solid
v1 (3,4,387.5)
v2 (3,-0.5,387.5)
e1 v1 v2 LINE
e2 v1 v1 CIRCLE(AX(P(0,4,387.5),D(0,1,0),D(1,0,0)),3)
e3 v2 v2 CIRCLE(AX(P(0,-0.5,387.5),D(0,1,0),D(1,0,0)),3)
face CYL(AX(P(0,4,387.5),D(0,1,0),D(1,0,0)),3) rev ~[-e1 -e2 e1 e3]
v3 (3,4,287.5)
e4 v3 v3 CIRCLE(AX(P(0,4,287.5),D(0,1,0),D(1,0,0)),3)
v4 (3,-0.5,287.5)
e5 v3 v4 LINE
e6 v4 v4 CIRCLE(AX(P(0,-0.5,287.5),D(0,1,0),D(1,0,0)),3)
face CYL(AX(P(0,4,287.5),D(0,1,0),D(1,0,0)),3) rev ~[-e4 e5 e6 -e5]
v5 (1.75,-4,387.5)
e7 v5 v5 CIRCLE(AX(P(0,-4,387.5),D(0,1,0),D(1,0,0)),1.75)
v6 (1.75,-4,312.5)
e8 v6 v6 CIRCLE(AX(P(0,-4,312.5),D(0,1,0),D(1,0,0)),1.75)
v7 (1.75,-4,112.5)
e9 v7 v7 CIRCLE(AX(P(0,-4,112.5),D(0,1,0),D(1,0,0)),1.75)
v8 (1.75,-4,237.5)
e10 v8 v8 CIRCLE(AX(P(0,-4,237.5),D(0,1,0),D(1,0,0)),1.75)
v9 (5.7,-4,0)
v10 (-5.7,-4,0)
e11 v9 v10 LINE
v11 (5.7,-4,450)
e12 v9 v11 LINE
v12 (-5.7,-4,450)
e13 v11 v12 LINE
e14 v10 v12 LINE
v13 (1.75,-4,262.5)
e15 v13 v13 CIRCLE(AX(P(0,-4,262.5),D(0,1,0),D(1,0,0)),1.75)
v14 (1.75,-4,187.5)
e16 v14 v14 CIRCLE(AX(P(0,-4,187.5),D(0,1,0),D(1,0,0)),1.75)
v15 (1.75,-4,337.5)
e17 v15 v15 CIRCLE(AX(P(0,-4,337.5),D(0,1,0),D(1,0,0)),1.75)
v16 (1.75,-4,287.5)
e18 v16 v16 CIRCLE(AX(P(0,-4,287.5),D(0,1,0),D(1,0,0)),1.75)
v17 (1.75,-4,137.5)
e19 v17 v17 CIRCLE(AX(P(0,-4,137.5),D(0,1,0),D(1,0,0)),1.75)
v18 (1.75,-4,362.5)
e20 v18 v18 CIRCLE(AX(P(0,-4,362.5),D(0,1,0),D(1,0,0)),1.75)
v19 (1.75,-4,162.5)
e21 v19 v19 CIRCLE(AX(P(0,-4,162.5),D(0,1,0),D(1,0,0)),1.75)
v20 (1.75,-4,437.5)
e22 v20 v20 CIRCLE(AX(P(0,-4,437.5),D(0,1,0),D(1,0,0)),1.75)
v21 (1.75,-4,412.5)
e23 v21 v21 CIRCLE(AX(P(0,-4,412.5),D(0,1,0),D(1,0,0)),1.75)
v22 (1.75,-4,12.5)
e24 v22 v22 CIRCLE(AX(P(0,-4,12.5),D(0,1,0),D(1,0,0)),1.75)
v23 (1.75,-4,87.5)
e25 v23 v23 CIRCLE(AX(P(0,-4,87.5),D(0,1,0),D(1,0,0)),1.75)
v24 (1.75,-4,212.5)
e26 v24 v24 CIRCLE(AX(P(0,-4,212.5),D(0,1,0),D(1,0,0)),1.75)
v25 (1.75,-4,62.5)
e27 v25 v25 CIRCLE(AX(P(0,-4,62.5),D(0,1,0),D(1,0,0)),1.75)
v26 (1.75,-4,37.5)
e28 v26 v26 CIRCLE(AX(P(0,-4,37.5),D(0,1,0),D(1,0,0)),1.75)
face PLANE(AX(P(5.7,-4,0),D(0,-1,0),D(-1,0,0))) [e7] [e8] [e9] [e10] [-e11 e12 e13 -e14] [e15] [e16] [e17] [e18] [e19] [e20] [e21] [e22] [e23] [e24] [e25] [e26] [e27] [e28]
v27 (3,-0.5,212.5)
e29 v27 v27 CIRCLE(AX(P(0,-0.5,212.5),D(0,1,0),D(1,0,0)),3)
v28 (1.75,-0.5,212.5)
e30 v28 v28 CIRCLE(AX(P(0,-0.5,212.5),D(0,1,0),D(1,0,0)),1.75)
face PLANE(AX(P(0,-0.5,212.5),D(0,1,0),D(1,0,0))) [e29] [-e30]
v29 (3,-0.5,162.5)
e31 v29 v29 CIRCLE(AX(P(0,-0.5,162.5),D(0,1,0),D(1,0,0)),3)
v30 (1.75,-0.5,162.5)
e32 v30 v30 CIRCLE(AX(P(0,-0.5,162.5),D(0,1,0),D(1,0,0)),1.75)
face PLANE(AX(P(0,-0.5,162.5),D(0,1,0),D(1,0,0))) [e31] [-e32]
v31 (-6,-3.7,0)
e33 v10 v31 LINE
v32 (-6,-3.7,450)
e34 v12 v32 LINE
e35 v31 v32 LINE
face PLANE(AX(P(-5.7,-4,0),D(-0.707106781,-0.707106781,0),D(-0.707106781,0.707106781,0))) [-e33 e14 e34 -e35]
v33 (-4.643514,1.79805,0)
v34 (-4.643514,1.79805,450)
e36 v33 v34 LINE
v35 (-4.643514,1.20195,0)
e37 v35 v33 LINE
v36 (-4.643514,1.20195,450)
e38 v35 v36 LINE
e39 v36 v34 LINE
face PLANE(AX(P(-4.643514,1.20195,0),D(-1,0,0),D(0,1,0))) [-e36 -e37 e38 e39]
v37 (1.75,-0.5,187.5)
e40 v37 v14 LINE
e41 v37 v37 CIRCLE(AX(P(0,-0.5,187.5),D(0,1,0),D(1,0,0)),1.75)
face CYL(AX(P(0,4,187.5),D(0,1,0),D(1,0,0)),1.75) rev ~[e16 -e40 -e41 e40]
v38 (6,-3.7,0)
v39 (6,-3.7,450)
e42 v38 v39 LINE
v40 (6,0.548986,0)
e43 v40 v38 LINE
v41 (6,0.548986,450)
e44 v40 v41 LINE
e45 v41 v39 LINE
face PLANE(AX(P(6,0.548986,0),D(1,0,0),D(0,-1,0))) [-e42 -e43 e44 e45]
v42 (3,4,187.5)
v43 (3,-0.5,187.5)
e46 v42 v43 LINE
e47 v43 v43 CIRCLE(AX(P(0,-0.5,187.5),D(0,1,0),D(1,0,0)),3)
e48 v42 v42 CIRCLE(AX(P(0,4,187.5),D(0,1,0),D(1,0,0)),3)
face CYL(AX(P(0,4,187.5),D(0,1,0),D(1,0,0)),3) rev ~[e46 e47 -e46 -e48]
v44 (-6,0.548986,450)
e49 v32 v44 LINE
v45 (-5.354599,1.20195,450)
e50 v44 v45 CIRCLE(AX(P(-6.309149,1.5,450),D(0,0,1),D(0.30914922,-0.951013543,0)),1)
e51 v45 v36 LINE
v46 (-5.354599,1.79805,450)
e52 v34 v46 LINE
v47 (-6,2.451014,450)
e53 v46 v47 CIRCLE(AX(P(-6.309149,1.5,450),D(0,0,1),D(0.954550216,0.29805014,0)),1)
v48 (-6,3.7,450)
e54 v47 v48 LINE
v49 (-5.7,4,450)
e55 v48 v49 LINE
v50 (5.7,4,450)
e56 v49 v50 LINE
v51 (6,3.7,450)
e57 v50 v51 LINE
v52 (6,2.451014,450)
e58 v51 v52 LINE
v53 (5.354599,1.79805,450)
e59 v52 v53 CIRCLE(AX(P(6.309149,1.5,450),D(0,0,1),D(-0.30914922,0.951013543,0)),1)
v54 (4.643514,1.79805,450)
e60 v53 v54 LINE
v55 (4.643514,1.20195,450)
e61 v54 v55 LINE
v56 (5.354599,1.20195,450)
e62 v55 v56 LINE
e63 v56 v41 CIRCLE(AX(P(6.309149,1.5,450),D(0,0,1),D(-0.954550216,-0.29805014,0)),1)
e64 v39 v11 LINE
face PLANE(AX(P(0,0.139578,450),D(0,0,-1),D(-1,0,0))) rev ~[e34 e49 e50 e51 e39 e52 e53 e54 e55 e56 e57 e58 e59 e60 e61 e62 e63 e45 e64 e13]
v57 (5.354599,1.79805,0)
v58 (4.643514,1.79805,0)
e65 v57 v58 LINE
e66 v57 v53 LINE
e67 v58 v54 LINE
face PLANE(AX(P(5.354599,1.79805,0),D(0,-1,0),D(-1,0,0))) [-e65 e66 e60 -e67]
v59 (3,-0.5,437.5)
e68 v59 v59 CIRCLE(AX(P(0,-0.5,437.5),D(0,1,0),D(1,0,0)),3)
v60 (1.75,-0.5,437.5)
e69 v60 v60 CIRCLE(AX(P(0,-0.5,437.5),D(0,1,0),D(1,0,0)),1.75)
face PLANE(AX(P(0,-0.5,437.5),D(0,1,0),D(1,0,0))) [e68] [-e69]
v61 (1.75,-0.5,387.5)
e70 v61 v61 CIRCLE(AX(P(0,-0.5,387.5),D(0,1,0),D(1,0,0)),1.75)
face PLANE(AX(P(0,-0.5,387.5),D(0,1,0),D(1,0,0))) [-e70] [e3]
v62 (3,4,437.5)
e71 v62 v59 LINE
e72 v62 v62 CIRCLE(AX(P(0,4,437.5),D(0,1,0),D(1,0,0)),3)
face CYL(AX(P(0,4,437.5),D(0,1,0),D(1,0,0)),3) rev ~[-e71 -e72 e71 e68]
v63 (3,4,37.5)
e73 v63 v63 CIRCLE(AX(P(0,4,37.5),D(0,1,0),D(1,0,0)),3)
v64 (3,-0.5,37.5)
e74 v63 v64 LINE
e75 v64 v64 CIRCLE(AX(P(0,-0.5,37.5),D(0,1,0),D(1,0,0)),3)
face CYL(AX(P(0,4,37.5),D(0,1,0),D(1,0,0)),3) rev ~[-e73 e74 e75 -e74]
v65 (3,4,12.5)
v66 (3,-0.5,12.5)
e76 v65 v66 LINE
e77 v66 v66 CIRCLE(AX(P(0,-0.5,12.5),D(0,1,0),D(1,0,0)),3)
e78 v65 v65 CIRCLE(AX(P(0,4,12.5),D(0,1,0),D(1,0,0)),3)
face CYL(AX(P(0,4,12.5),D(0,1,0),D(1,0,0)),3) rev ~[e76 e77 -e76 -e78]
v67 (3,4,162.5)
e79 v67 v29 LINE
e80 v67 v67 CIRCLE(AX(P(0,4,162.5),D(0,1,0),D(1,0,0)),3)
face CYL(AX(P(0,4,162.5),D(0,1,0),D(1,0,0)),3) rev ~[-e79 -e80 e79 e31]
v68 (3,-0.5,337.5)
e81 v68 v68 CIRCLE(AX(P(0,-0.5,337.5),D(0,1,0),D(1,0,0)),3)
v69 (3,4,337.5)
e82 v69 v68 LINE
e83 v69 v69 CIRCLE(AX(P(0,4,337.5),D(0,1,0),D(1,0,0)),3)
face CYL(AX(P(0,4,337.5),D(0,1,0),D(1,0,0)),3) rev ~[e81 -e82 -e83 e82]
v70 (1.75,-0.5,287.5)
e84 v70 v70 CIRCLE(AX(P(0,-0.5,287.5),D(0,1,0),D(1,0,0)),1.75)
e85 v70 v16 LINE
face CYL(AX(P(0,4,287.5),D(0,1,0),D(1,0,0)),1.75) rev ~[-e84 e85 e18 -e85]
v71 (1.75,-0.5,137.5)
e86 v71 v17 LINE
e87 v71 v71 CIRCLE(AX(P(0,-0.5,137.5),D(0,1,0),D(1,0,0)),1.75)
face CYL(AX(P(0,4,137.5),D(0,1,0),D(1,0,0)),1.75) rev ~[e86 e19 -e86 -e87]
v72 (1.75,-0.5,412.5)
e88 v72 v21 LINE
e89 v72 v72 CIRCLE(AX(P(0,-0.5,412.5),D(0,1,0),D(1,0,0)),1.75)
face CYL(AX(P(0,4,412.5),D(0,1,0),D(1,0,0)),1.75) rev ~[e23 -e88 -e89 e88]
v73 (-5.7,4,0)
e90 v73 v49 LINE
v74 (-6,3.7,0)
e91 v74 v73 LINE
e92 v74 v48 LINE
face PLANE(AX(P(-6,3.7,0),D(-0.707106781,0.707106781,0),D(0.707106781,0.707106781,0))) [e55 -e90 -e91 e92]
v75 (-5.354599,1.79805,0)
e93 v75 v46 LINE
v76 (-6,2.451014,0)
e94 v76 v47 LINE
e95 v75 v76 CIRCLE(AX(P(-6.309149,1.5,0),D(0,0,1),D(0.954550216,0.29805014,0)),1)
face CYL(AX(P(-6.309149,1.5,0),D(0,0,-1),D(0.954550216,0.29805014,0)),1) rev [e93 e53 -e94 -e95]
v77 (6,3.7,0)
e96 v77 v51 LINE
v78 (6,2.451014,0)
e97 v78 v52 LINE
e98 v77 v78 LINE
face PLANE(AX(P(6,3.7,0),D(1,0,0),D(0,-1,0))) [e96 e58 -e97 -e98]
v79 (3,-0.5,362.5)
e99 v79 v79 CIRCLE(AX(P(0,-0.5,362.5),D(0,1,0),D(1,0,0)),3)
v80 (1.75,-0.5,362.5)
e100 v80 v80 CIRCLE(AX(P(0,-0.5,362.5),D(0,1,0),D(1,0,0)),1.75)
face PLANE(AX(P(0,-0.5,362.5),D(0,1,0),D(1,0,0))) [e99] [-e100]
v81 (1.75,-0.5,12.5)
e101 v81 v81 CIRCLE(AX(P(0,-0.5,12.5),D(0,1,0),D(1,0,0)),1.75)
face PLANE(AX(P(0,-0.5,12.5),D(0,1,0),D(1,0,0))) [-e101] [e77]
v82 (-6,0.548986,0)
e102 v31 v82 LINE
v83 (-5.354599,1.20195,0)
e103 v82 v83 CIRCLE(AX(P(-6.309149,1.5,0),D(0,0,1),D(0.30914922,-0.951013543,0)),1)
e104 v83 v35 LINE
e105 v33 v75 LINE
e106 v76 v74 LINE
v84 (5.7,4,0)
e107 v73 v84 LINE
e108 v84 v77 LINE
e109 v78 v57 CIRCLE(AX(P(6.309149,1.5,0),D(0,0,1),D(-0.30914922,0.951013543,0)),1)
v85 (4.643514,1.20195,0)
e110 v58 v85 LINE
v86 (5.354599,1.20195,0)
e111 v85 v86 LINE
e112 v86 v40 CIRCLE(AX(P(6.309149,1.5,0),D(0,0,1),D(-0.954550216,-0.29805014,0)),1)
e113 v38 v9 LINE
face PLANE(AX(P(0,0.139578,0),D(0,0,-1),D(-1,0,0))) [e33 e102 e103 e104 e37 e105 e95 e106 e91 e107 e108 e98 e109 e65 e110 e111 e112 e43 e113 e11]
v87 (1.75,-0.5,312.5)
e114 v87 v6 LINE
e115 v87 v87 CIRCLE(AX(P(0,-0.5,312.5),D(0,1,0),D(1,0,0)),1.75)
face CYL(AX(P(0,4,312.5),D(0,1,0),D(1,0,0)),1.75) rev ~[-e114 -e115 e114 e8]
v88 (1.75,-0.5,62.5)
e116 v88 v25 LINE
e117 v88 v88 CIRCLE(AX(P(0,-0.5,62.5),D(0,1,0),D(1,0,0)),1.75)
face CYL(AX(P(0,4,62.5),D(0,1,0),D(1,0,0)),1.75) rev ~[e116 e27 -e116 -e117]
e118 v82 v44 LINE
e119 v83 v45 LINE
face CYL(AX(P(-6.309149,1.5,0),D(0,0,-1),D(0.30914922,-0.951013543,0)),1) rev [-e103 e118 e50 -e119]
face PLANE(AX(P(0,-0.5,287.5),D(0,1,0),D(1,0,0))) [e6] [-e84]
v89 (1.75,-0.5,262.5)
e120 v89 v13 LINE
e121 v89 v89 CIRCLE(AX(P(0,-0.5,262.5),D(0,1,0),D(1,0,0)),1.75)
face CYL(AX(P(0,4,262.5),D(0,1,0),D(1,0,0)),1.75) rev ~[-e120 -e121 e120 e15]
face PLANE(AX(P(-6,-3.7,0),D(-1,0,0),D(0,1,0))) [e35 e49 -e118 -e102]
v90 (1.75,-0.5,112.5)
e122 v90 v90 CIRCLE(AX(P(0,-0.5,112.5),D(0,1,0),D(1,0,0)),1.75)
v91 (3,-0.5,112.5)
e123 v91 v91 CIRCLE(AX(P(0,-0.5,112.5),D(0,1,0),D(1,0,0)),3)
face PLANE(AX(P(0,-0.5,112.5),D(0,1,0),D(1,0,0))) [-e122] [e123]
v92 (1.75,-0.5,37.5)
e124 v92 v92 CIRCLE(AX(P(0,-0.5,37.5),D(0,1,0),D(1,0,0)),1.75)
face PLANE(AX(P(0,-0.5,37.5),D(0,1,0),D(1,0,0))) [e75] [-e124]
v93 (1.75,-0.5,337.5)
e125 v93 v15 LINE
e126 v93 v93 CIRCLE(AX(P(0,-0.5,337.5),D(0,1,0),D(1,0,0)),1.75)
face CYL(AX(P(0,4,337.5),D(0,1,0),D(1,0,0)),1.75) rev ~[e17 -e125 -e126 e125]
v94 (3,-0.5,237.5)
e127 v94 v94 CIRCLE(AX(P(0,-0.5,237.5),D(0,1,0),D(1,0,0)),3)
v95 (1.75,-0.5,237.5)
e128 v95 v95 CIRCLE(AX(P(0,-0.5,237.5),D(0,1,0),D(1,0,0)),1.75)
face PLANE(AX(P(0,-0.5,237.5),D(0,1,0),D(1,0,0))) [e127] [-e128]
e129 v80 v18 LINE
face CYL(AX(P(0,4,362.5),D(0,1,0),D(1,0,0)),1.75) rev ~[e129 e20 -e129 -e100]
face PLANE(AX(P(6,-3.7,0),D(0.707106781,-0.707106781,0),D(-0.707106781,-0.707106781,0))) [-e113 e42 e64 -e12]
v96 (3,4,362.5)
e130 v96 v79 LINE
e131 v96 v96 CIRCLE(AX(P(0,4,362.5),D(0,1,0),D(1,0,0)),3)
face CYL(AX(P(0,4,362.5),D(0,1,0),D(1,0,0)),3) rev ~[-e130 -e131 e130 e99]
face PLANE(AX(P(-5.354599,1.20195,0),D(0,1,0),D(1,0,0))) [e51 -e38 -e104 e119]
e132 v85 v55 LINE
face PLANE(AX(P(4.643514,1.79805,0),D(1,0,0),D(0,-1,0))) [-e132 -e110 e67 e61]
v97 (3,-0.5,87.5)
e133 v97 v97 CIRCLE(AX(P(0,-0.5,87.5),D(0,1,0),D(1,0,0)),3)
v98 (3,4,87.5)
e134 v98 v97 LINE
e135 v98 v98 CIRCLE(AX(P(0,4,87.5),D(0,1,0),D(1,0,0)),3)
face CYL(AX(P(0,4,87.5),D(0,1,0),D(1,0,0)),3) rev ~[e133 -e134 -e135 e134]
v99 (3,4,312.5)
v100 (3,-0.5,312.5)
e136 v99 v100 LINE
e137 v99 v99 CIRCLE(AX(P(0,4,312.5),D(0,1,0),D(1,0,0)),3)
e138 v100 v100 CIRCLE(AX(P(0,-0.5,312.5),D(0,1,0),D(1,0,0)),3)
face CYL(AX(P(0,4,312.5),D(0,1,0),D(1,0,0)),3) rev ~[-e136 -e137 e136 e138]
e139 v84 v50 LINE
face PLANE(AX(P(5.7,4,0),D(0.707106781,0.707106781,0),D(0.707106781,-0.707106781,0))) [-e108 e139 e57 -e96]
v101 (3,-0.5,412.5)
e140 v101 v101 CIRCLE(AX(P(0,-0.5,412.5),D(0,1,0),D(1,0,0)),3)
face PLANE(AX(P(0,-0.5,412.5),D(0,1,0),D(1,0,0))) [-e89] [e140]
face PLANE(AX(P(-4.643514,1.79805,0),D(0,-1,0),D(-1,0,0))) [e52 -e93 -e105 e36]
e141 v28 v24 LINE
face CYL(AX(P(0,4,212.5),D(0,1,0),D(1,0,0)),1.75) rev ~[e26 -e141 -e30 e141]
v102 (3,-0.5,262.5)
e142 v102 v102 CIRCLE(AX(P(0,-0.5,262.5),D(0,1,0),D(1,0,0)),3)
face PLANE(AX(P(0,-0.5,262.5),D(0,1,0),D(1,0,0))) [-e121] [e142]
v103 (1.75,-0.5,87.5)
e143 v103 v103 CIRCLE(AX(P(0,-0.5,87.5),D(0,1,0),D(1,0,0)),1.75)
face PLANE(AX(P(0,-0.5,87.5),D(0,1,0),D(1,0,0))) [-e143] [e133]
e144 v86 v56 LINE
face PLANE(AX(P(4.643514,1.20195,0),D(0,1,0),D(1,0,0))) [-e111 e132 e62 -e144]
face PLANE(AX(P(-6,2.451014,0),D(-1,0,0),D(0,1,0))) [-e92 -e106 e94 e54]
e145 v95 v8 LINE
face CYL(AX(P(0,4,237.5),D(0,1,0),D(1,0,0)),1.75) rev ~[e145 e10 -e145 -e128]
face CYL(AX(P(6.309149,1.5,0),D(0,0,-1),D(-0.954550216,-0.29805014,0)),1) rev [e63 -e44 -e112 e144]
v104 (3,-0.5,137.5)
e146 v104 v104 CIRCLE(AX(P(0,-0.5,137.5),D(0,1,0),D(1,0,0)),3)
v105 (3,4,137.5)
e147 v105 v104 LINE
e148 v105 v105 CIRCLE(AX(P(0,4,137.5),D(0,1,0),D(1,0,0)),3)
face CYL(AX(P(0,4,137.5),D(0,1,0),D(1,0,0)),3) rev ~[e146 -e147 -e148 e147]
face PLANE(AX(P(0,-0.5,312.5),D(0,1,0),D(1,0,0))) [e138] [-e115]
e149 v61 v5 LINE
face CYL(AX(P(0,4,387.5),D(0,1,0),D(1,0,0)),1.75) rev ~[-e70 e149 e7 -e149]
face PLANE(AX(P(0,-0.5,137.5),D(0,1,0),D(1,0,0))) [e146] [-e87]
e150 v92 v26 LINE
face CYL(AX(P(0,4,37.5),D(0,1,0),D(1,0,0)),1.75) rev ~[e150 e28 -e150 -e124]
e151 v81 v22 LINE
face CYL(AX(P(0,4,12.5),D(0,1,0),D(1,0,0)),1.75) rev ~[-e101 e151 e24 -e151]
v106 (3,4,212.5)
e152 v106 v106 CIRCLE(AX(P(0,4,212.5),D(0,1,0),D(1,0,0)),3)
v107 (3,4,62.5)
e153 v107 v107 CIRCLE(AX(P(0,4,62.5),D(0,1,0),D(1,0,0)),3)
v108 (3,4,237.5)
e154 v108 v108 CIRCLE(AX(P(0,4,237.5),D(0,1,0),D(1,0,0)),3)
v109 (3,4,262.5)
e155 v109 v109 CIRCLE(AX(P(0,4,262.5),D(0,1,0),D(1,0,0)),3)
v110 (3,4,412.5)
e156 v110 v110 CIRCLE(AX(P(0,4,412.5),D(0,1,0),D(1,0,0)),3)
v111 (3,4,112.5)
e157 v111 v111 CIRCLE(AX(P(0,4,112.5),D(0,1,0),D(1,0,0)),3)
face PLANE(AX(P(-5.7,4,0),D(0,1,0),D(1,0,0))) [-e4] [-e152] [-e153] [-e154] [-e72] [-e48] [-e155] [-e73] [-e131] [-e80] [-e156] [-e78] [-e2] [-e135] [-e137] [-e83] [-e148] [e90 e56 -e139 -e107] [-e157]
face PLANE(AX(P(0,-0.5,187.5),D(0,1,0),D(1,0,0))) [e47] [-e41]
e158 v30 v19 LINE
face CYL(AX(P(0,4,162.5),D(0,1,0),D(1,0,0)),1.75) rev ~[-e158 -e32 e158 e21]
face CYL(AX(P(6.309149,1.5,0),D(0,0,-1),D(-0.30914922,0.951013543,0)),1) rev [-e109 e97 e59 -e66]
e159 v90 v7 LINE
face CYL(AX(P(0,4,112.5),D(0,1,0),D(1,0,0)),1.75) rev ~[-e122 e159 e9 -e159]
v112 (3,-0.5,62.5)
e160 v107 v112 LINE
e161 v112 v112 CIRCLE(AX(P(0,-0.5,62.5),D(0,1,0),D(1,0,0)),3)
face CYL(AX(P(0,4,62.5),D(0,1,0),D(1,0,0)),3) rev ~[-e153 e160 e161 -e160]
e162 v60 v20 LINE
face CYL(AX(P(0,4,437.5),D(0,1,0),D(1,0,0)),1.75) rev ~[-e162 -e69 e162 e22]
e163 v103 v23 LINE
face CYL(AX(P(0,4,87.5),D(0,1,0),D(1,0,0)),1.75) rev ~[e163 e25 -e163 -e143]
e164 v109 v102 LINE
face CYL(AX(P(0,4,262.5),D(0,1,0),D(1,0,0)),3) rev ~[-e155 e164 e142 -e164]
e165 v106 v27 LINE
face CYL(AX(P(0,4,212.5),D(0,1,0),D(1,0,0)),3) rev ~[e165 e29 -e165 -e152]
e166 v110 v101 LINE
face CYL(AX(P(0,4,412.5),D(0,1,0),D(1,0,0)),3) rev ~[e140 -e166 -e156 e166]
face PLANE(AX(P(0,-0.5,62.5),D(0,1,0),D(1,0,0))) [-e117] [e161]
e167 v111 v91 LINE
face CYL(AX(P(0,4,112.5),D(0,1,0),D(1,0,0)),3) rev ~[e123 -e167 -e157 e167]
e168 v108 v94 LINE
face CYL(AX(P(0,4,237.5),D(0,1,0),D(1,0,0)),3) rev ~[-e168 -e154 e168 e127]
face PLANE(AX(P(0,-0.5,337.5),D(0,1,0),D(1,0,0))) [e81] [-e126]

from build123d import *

# Parameters (mm, degrees)
EXTRUDE_1_DEPTH        = 450
SKETCH_2_R             = 3
SKETCH_2_R_2           = 1.75
CUT_EXTRUDE_1_DEPTH    = 4.5
SKETCH_2_2_R           = 1.75
CUT_EXTRUDE_2_DEPTH    = 9
PATTERN_LINEAR_1_COUNT = 18
PATTERN_LINEAR_1_PITCH = 25


with BuildPart() as part:
    # Эскиз1 → Бобышка-Вытянуть1 (new body)
    with BuildSketch(Plane.XY):
        with BuildLine():
            Line((-6, 3.7), (-5.7, 4))
            Line((-5.7, 4), (5.7, 4))
            Line((5.7, 4), (6, 3.7))
            Line((6, 3.7), (6, 2.451013544))
            ThreePointArc((6, 2.451013544), (5.597935912, 2.202976267), (5.354599002, 1.798050138))
            Line((5.354599002, 1.798050138), (4.643514056, 1.798050138))
            Line((4.643514056, 1.798050138), (4.643514056, 1.201949862))
            Line((4.643514056, 1.201949862), (5.354599002, 1.201949862))
            ThreePointArc((5.354599002, 1.201949862), (5.597935912, 0.797023733), (6, 0.548986456))
            Line((6, 0.548986456), (6, -3.7))
            Line((6, -3.7), (5.7, -4))
            Line((5.7, -4), (-5.7, -4))
            Line((-5.7, -4), (-6, -3.7))
            Line((-6, -3.7), (-6, 0.548986456))
            ThreePointArc((-6, 0.548986456), (-5.597935912, 0.797023733), (-5.354599002, 1.201949862))
            Line((-5.354599002, 1.201949862), (-4.643514056, 1.201949862))
            Line((-4.643514056, 1.201949862), (-4.643514056, 1.798050138))
            Line((-4.643514056, 1.798050138), (-5.354599002, 1.798050138))
            ThreePointArc((-5.354599002, 1.798050138), (-5.597935912, 2.202976267), (-6, 2.451013544))
            Line((-6, 2.451013544), (-6, 3.7))
        make_face()
    extrude(amount=EXTRUDE_1_DEPTH)

    # Эскиз2 → Вырез-Вытянуть1 (cut)
    with BuildSketch(Plane(origin=(0, 4, 0), x_dir=(1, 0, 0), z_dir=(0, 1, 0))):
        with Locations((0, -12.5)):
            Circle(SKETCH_2_R)
        with Locations((0, -12.5)):
            Circle(SKETCH_2_R_2, mode=Mode.SUBTRACT)
    cut_extrude_1 = extrude(amount=-CUT_EXTRUDE_1_DEPTH, mode=Mode.SUBTRACT)

    # Эскиз2<2> → Вырез-Вытянуть2 (cut, through all)
    with BuildSketch(Plane(origin=(0, 4, 0), x_dir=(1, 0, 0), z_dir=(0, 1, 0))):
        with Locations((0, -12.5)):
            Circle(SKETCH_2_2_R)
    cut_extrude_2 = extrude(amount=-CUT_EXTRUDE_2_DEPTH, mode=Mode.SUBTRACT)

    # Линейный массив1: Вырез-Вытянуть1, Вырез-Вытянуть2 ×18
    with Locations(*[(0, 0, i * PATTERN_LINEAR_1_PITCH) for i in range(1, PATTERN_LINEAR_1_COUNT)]):
        add(cut_extrude_1, mode=Mode.SUBTRACT)
        add(cut_extrude_2, mode=Mode.SUBTRACT)


solid = part.part
